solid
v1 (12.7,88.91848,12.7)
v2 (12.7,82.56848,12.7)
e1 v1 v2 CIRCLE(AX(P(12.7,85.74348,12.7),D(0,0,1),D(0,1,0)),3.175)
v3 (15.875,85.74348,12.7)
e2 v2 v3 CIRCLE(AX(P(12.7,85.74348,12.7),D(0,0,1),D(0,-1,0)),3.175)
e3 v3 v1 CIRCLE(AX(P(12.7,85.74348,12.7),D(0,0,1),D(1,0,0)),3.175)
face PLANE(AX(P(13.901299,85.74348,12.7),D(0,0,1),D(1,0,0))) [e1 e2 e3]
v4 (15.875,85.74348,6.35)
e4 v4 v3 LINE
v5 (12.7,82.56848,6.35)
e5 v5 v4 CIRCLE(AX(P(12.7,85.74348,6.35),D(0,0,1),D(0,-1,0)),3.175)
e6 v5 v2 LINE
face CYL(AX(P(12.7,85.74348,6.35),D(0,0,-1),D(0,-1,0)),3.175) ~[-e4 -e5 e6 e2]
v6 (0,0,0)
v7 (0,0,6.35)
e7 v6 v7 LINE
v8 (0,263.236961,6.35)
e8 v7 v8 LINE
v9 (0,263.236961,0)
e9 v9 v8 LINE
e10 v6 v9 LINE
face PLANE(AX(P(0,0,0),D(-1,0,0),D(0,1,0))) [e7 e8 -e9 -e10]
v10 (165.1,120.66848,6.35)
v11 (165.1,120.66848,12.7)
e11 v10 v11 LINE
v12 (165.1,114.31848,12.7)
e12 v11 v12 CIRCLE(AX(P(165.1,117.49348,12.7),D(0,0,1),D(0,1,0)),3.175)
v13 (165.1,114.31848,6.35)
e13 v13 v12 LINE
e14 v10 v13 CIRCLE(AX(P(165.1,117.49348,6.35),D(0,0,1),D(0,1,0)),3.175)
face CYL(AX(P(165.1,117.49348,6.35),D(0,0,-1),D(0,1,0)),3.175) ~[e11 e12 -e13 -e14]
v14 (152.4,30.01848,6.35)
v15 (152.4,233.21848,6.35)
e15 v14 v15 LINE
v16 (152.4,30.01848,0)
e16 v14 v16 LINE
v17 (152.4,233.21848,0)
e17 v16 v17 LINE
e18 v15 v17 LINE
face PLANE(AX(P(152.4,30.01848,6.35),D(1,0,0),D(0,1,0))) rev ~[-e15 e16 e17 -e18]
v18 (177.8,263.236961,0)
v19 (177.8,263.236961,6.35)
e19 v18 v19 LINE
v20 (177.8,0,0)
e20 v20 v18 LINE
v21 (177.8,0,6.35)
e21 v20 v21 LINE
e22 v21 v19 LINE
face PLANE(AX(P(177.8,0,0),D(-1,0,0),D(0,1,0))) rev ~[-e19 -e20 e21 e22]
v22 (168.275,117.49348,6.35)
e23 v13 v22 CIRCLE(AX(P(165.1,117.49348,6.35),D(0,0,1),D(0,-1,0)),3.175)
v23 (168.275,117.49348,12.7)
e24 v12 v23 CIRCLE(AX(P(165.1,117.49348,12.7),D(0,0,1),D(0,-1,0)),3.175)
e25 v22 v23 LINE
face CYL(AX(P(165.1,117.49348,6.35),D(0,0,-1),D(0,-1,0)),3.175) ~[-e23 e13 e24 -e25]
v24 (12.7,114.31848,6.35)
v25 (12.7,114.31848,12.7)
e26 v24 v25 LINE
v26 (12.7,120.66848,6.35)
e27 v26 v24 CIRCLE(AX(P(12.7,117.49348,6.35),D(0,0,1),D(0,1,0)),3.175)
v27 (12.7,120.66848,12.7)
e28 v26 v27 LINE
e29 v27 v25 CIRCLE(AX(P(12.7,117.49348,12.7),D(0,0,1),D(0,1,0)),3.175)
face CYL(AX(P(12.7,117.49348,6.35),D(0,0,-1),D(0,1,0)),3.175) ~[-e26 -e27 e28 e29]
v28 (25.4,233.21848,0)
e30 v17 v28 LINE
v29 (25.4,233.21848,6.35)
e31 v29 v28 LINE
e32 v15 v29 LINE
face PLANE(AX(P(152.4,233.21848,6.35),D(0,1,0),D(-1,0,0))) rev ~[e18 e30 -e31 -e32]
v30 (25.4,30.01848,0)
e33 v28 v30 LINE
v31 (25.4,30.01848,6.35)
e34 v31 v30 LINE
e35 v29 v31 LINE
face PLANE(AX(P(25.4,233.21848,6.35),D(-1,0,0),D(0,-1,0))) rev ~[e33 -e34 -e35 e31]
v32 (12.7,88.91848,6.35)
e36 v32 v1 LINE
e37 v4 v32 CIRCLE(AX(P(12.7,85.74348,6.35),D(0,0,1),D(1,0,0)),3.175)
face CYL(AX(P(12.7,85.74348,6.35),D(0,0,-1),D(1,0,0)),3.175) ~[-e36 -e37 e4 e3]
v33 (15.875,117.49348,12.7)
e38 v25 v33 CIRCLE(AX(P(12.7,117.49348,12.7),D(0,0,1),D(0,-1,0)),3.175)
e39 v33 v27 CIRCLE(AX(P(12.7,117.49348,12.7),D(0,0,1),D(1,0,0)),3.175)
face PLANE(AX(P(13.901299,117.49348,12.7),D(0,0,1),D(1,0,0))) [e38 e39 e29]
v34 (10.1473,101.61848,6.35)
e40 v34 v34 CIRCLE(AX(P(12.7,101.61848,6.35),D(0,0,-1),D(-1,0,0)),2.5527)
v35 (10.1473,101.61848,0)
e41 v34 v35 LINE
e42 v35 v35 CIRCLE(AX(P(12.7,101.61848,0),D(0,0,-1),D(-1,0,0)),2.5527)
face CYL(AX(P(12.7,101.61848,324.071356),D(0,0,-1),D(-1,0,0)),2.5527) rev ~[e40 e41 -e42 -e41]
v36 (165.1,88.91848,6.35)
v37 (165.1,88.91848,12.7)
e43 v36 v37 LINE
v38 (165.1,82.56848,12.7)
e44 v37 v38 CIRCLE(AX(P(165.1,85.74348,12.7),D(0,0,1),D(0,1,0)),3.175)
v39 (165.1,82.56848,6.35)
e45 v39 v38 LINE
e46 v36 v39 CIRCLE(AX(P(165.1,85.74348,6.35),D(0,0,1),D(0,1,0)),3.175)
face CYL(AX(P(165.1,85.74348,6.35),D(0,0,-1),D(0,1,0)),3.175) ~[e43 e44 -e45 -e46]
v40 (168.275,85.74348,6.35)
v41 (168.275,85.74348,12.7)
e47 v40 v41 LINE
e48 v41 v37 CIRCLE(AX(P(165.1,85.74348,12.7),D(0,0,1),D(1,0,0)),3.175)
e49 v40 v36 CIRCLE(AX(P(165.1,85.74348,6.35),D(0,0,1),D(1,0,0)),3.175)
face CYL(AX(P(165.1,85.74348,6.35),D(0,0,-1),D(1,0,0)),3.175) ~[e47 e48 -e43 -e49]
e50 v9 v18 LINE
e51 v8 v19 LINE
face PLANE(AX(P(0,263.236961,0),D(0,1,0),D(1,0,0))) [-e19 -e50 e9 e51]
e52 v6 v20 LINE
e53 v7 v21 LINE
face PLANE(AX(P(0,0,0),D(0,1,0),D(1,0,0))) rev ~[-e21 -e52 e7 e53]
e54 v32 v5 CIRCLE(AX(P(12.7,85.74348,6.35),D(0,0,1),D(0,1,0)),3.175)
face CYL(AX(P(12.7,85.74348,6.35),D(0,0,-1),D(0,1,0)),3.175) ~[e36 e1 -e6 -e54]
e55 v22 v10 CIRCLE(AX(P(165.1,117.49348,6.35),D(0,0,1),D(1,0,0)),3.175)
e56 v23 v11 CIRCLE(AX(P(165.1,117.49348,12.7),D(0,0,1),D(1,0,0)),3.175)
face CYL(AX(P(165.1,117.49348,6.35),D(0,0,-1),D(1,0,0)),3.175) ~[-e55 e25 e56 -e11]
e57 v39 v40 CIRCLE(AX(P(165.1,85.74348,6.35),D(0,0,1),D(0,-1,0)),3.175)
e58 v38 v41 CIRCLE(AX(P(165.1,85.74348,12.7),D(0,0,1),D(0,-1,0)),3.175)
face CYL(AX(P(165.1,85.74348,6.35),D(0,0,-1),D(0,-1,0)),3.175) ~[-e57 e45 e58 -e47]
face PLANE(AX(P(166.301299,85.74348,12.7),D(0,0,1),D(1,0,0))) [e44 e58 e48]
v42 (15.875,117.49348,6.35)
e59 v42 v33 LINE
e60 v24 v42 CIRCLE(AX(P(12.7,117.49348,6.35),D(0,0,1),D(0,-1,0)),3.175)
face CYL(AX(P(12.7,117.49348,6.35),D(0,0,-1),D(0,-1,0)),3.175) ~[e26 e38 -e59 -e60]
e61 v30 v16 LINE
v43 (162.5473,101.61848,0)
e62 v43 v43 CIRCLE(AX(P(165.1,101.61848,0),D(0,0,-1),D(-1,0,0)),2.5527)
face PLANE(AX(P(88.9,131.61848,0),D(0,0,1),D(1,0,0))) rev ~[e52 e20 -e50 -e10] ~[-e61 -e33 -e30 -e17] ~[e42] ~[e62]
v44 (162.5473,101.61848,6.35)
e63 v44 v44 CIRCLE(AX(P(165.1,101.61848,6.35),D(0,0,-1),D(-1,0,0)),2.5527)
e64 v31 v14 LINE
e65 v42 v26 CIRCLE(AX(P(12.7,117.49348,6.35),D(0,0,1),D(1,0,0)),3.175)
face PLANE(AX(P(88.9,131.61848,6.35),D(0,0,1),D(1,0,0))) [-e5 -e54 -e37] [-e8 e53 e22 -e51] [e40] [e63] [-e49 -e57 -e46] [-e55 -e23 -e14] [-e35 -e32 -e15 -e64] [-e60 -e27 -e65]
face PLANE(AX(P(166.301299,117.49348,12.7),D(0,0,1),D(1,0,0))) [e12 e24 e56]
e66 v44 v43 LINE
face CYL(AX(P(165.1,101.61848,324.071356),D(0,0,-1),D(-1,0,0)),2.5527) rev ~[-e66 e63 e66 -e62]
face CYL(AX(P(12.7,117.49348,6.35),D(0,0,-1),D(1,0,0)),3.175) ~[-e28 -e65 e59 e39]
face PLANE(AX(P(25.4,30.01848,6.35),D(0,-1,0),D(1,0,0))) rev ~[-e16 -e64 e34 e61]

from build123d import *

# Parameters (mm, degrees)
F0_W     = 177.8
F0_H     = 263.2369608608
F1_DEPTH = 6.35
F2_W     = 63.5
F2_H     = 101.6
F3_DEPTH = 25
F5_D     = 5.1054
F6_DEPTH = 6.35


with BuildPart() as f1:
    # F0 (on Top) → F1 (new body)
    with BuildSketch(Plane.XY):
        with Locations((88.9, 131.6184804304)):
            Rectangle(F0_W, F0_H)
    extrude(amount=F1_DEPTH)

    # F2 (on face) → F3 (cut)
    with BuildSketch(Plane.XY.offset(6.35)):
        with Locations((57.15, 182.4184804304)):
            Rectangle(F2_W, F2_H)
        with Locations((57.15, 80.8184804304)):
            Rectangle(F2_W, F2_H)
        with Locations((120.65, 182.4184804304)):
            Rectangle(F2_W, F2_H)
        with Locations((120.65, 80.8184804304)):
            Rectangle(F2_W, F2_H)
    extrude(amount=-F3_DEPTH, mode=Mode.SUBTRACT)

    # F5 (through all)
    with Locations(Plane.XY.offset(6.35)):
        with Locations((12.7, 101.6184804304), (165.1, 101.6184804304)):
            Hole(F5_D / 2)

    # F4 (on face) → F6 (join)
    with BuildSketch(Plane.XY.offset(6.35)):
        with BuildLine():
            ThreePointArc((168.275, 117.4934804304), (167.3450640303, 119.7385444607), (165.1, 120.6684804304))
            Line((165.1, 120.6684804304), (165.1, 114.3184804304))
            ThreePointArc((165.1, 114.3184804304), (167.3450640303, 115.2484164001), (168.275, 117.4934804304))
        make_face()
        with BuildLine():
            Line((165.1, 114.3184804304), (165.1, 120.6684804304))
            ThreePointArc((165.1, 120.6684804304), (161.925, 117.4934804304), (165.1, 114.3184804304))
        make_face()
        with BuildLine():
            ThreePointArc((168.275, 85.7434804304), (167.3450640303, 87.9885444607), (165.1, 88.9184804304))
            Line((165.1, 88.9184804304), (165.1, 82.5684804304))
            ThreePointArc((165.1, 82.5684804304), (167.3450640303, 83.4984164001), (168.275, 85.7434804304))
        make_face()
        with BuildLine():
            Line((165.1, 82.5684804304), (165.1, 88.9184804304))
            ThreePointArc((165.1, 88.9184804304), (161.925, 85.7434804304), (165.1, 82.5684804304))
        make_face()
        with BuildLine():
            ThreePointArc((15.875, 85.7434804304), (14.9450640303, 87.9885444607), (12.7, 88.9184804304))
            Line((12.7, 88.9184804304), (12.7, 82.5684804304))
            ThreePointArc((12.7, 82.5684804304), (14.9450640303, 83.4984164001), (15.875, 85.7434804304))
        make_face()
        with BuildLine():
            Line((12.7, 82.5684804304), (12.7, 88.9184804304))
            ThreePointArc((12.7, 88.9184804304), (9.525, 85.7434804304), (12.7, 82.5684804304))
        make_face()
        with BuildLine():
            ThreePointArc((15.875, 117.4934804304), (14.9450640303, 119.7385444607), (12.7, 120.6684804304))
            Line((12.7, 120.6684804304), (12.7, 114.3184804304))
            ThreePointArc((12.7, 114.3184804304), (14.9450640303, 115.2484164001), (15.875, 117.4934804304))
        make_face()
        with BuildLine():
            Line((12.7, 114.3184804304), (12.7, 120.6684804304))
            ThreePointArc((12.7, 120.6684804304), (9.525, 117.4934804304), (12.7, 114.3184804304))
        make_face()
    extrude(amount=F6_DEPTH)


solid = f1.part
